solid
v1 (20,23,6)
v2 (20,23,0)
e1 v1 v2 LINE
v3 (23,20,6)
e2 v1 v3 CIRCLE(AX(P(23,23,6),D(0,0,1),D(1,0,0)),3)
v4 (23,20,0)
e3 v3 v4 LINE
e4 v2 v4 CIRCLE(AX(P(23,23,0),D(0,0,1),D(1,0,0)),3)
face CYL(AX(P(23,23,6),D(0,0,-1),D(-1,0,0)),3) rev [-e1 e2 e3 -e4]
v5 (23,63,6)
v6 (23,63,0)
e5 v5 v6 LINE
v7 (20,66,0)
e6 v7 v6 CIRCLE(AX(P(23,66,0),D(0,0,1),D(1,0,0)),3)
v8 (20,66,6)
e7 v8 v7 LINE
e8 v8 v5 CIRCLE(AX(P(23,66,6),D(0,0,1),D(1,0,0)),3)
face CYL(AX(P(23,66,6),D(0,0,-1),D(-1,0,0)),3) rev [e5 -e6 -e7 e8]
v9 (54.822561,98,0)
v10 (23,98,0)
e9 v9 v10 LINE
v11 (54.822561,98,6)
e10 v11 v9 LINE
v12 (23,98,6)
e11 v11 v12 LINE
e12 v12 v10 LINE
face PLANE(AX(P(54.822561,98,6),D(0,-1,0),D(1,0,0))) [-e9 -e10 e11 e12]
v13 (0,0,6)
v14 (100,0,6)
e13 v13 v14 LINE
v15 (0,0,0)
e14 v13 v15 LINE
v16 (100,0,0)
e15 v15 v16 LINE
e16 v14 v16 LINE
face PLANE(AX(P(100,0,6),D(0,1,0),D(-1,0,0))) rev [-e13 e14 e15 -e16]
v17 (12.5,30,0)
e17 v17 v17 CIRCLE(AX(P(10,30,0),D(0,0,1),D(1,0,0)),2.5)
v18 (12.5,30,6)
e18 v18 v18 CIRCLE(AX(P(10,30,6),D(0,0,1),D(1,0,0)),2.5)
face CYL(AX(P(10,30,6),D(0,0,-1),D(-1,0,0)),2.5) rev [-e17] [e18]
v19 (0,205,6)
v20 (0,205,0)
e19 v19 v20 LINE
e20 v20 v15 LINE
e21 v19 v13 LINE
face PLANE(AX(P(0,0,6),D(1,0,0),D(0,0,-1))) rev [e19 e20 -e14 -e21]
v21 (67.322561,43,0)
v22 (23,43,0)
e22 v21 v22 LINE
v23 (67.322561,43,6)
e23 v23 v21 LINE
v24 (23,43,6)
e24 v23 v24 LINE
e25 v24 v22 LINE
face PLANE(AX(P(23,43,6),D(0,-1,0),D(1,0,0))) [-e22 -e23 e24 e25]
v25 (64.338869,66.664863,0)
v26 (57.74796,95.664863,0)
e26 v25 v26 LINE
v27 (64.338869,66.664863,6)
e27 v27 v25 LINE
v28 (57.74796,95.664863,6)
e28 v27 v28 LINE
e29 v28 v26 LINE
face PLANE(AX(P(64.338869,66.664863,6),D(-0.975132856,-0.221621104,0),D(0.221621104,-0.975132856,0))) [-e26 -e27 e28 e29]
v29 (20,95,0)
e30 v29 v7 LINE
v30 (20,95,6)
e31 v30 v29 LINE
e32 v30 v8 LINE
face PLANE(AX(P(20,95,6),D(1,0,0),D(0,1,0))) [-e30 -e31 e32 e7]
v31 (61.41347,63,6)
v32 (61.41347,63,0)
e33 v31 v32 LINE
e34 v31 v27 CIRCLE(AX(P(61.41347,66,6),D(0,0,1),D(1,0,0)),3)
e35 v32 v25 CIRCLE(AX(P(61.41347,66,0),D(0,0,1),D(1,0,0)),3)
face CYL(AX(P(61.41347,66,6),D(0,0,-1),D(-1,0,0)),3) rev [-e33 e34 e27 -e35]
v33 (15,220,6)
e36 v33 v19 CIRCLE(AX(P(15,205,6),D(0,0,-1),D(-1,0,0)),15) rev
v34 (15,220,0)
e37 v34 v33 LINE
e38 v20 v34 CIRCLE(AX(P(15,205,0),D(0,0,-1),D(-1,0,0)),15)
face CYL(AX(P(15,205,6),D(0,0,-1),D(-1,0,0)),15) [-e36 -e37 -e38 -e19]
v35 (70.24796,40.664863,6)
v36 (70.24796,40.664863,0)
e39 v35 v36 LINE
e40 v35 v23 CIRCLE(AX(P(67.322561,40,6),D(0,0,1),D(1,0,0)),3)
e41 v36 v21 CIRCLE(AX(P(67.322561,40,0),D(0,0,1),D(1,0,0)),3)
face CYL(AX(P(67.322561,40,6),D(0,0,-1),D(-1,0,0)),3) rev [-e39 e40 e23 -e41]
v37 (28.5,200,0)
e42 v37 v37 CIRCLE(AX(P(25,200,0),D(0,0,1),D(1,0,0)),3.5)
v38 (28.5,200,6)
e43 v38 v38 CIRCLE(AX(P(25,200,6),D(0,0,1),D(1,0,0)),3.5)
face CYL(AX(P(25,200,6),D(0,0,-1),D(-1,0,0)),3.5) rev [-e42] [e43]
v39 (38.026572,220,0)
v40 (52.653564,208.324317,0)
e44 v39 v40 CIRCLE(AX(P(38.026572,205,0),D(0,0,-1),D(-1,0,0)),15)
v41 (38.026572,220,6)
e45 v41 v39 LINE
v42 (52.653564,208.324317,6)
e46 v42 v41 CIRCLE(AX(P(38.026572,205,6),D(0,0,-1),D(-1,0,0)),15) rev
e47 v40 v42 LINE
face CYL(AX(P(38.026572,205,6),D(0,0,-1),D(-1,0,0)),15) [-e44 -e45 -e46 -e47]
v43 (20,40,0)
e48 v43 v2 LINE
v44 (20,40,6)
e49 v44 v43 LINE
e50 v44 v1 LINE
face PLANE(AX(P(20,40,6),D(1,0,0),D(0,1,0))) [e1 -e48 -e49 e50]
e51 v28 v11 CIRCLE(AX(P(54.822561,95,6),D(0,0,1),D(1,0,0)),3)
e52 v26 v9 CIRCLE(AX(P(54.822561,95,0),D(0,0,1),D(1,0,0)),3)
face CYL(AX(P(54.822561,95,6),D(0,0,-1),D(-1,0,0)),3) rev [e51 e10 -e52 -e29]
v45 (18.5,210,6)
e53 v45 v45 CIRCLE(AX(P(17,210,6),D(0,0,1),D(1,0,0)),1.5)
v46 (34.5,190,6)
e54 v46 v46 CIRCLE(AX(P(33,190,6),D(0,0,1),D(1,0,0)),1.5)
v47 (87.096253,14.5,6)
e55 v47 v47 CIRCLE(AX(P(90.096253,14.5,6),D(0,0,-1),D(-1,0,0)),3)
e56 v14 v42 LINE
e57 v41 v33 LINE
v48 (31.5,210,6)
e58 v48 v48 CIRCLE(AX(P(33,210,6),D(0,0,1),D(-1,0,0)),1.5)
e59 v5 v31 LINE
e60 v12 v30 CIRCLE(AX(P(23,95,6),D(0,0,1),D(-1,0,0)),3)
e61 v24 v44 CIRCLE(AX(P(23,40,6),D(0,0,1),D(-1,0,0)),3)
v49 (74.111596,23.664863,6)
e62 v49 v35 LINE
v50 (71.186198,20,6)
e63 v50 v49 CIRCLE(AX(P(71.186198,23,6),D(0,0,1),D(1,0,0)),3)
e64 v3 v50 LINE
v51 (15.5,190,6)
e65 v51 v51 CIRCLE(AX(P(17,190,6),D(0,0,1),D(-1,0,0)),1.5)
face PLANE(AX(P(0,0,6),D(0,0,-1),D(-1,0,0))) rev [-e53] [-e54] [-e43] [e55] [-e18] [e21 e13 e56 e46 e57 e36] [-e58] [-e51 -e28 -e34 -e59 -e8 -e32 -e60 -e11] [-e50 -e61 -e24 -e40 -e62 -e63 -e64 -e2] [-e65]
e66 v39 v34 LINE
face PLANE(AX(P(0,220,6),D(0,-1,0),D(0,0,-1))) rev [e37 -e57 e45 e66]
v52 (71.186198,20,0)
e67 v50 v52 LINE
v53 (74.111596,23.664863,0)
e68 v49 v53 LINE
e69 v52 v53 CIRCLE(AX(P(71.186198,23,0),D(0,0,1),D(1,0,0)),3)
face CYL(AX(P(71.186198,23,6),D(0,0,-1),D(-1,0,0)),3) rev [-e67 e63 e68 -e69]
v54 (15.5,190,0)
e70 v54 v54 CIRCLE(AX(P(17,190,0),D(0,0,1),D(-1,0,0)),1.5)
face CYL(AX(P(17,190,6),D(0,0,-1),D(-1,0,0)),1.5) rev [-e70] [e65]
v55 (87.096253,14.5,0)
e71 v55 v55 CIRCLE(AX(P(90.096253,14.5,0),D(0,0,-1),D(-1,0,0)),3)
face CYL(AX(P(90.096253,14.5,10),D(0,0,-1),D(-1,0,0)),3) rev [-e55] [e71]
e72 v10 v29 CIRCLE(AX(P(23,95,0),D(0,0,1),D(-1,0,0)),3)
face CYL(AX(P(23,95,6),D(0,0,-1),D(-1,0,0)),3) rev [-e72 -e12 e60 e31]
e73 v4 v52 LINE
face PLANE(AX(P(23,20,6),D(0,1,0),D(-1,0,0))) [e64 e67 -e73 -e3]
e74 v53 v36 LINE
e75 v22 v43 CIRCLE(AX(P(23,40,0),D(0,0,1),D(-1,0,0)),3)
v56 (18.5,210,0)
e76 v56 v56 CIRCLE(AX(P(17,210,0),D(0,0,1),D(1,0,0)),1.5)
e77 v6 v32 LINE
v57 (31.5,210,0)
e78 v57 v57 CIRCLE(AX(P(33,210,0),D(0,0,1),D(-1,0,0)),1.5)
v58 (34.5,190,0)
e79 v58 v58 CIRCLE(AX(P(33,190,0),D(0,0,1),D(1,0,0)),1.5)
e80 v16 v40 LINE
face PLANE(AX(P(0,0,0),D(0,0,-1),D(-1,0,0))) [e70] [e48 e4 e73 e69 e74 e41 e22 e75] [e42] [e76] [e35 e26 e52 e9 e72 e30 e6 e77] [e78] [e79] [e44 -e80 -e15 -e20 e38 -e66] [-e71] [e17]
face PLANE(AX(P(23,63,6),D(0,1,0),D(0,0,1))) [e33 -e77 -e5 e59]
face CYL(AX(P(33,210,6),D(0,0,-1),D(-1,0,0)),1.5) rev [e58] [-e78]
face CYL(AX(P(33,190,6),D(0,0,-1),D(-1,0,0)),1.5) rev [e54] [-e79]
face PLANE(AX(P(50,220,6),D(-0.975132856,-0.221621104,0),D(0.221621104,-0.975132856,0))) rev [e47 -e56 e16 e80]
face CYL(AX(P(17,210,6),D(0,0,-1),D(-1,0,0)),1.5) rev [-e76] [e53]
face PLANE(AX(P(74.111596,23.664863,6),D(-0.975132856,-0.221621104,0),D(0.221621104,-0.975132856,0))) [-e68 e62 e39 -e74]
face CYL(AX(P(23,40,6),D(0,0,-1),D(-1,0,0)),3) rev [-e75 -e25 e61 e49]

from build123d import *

# Parameters (mm, degrees)
ESBO_O1_R                = 1.5
ESBO_O1_R_2              = 3.5
ESBO_O1_R_3              = 2.5
RESSALTO_EXTRUS_O2_DEPTH = 6
FILETE1_R                = 15
ESBO_O2_R                = 3
CORTE_EXTRUS_O1_DEPTH    = 10


with BuildPart() as part:
    # Esboço1 → Ressalto-extrusão2 (new body)
    with BuildSketch(Plane.XY):
        Polygon((0, 0), (0, 220), (50, 220), (100, 0), align=None)
        with Locations((17, 210)):
            Circle(ESBO_O1_R, mode=Mode.SUBTRACT)
        with Locations(Location((33, 210, 0), (0, 0, 180))):
            Circle(ESBO_O1_R, mode=Mode.SUBTRACT)
        with Locations((33, 190)):
            Circle(ESBO_O1_R, mode=Mode.SUBTRACT)
        with Locations(Location((17, 190, 0), (0, 0, 180))):
            Circle(ESBO_O1_R, mode=Mode.SUBTRACT)
        with Locations((25, 200)):
            Circle(ESBO_O1_R_2, mode=Mode.SUBTRACT)
        with Locations((10, 30)):
            Circle(ESBO_O1_R_3, mode=Mode.SUBTRACT)
        with BuildLine():
            Line((20, 95), (20, 66))
            ThreePointArc((20, 66), (20.878679656, 63.878679656), (23, 63))
            Line((23, 63), (61.413470366, 63))
            ThreePointArc((61.413470366, 63), (63.75810146, 64.128448496), (64.338868934, 66.664863311))
            Line((64.338868934, 66.664863311), (57.747959843, 95.664863311))
            ThreePointArc((57.747959843, 95.664863311), (56.69411278, 97.344631094), (54.822561275, 98))
            Line((54.822561275, 98), (23, 98))
            ThreePointArc((23, 98), (20.878679656, 97.121320344), (20, 95))
        make_face(mode=Mode.SUBTRACT)
        with BuildLine():
            Line((20, 40), (20, 23))
            ThreePointArc((20, 23), (20.878679656, 20.878679656), (23, 20))
            Line((23, 20), (71.186197639, 20))
            ThreePointArc((71.186197639, 20), (73.530828733, 21.128448496), (74.111596206, 23.664863311))
            Line((74.111596206, 23.664863311), (70.247959843, 40.664863311))
            ThreePointArc((70.247959843, 40.664863311), (69.19411278, 42.344631094), (67.322561275, 43))
            Line((67.322561275, 43), (23, 43))
            ThreePointArc((23, 43), (20.878679656, 42.121320344), (20, 40))
        make_face(mode=Mode.SUBTRACT)
    extrude(amount=RESSALTO_EXTRUS_O2_DEPTH)

    # Filete1
    filete1_edges = [part.edges().sort_by_distance(p)[0] for p in [
        (0, 220, 3),
        (50, 220, 3),
    ]]
    fillet(filete1_edges, radius=FILETE1_R)

    # Esboço2 → Corte-extrusão1 (cut)
    with BuildSketch(Plane(origin=(0, 0, 0), x_dir=(-1, 0, 0), z_dir=(0, 0, -1))):
        with Locations((-90.096252795, 14.5)):
            Circle(ESBO_O2_R)
    extrude(amount=-CORTE_EXTRUS_O1_DEPTH, mode=Mode.SUBTRACT)


solid = part.part
